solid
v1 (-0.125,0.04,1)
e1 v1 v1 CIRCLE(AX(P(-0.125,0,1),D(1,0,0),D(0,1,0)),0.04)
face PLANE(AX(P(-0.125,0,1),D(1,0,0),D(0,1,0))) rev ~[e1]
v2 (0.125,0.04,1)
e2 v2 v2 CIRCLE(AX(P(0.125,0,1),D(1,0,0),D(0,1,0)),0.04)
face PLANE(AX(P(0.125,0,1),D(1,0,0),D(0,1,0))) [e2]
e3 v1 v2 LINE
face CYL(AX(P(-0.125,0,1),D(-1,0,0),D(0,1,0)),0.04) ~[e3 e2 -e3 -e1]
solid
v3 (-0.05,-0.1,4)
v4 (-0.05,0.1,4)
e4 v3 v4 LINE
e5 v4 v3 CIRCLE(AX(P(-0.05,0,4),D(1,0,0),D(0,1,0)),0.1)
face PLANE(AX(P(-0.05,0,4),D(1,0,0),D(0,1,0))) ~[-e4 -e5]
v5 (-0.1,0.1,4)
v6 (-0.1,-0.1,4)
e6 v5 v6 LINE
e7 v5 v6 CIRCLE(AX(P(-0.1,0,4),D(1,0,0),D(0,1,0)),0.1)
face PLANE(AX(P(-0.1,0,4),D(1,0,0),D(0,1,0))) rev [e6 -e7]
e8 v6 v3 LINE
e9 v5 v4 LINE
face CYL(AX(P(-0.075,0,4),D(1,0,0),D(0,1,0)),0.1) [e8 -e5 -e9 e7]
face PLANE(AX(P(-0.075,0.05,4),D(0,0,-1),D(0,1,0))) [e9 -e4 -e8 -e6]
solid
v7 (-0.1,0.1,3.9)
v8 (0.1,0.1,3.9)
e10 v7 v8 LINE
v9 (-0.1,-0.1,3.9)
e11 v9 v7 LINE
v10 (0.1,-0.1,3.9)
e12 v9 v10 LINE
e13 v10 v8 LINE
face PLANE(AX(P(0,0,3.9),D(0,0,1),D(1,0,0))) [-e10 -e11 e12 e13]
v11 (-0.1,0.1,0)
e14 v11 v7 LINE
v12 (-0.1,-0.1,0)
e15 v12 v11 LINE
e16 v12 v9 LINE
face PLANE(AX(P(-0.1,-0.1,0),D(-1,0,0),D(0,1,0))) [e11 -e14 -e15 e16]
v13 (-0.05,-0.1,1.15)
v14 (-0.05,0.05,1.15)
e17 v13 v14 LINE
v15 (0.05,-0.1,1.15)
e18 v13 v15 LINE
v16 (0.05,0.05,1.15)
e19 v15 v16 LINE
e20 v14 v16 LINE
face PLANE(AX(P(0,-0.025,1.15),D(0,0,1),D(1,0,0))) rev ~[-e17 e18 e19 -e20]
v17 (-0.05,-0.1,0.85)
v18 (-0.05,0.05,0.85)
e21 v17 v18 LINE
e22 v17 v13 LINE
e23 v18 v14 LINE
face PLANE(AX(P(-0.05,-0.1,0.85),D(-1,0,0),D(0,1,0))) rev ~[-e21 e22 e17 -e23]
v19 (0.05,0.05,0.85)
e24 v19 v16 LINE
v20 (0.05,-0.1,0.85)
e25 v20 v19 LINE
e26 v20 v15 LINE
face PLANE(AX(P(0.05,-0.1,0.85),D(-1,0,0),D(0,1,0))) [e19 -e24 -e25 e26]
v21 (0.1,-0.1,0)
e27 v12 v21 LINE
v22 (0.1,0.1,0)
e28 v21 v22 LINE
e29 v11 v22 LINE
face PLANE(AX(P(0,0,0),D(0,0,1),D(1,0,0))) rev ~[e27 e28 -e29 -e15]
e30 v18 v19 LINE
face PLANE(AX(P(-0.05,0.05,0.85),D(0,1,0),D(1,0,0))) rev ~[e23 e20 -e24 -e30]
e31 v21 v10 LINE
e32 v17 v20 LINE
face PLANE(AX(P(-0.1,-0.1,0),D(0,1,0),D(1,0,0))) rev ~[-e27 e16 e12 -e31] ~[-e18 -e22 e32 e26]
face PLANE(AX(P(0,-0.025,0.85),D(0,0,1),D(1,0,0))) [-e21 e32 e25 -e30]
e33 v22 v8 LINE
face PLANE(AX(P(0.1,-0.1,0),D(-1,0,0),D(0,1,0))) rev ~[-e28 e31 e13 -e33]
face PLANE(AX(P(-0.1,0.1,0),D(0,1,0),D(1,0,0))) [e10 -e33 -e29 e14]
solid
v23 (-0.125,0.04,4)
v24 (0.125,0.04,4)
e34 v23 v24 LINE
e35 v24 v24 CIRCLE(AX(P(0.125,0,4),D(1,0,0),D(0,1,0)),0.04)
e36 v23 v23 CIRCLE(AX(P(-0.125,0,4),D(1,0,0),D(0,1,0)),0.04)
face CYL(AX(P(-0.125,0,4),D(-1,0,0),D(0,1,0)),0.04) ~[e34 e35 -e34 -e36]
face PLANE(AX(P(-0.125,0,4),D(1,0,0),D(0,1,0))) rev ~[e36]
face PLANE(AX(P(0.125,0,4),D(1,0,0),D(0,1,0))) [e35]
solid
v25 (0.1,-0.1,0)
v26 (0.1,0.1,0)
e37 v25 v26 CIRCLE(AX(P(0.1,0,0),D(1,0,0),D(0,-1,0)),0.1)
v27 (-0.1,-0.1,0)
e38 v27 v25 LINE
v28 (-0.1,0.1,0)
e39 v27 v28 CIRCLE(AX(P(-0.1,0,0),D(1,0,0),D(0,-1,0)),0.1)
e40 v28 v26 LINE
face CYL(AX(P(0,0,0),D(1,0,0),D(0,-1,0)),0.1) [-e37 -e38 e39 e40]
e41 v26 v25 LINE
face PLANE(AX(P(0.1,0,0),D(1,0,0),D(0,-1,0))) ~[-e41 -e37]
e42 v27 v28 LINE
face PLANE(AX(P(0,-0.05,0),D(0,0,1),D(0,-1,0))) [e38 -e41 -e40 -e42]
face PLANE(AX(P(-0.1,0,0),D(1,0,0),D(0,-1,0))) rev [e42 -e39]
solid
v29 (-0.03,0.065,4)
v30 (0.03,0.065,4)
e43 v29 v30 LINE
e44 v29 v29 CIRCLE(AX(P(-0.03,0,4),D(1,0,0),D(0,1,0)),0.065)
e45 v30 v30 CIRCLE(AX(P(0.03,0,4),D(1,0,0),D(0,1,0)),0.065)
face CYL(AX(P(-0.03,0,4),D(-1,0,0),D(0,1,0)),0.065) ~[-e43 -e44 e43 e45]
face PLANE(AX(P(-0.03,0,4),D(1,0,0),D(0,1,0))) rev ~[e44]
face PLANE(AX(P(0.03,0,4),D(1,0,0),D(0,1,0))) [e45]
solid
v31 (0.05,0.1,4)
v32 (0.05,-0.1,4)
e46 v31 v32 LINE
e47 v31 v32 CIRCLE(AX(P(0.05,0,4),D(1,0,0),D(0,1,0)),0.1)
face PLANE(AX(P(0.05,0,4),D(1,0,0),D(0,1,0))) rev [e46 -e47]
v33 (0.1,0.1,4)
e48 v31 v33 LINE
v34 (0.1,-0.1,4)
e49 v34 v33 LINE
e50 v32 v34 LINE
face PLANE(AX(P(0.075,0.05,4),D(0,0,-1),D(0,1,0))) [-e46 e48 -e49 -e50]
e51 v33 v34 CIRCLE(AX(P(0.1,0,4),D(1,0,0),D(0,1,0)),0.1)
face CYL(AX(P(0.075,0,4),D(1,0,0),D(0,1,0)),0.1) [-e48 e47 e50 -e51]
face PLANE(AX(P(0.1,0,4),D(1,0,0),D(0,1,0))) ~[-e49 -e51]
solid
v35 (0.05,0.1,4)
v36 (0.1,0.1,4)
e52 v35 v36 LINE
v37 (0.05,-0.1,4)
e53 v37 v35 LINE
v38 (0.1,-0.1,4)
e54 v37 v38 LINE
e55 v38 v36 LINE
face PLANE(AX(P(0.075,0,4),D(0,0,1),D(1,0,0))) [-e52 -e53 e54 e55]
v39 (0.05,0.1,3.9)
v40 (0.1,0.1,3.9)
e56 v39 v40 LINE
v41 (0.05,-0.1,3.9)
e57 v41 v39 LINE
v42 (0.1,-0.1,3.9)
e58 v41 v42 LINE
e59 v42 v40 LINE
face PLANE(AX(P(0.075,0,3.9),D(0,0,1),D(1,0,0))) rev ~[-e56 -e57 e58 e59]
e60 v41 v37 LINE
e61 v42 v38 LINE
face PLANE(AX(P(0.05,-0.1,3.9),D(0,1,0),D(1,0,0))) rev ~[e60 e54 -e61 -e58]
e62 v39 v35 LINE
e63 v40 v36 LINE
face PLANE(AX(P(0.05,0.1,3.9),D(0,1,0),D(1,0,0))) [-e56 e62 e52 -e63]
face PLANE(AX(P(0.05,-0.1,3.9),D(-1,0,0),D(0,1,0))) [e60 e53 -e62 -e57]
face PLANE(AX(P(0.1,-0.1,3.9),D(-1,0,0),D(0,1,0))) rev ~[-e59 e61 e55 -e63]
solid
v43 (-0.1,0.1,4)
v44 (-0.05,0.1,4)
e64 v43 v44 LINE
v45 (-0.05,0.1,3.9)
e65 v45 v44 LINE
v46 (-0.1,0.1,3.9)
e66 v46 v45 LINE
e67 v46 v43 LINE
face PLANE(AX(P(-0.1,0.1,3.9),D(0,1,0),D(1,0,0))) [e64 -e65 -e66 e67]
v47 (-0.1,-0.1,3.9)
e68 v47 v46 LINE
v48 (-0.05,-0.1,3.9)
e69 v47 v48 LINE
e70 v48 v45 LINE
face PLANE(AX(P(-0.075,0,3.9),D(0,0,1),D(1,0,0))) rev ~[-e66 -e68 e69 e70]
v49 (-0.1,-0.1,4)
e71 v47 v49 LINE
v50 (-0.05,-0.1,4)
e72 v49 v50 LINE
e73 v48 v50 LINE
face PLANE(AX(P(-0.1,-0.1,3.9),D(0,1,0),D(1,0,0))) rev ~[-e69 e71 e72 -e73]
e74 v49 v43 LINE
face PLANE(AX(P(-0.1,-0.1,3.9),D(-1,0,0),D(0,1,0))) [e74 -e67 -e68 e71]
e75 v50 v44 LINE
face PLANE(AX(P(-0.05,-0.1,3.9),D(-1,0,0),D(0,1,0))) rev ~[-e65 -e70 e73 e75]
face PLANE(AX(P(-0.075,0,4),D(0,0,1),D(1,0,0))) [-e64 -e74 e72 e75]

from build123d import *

# Parameters (mm, degrees)
CYLINDER001_W     = 0.1
CYLINDER001_H     = 0.2
CYLINDER001_ANGLE = 180
CYLINDER_R        = 0.04
CYLINDER_DEPTH    = 0.25
CYLINDER002_W     = 0.1
CYLINDER002_H     = 0.05
CYLINDER002_ANGLE = 180
BOX004_W          = 0.1
BOX004_H          = 0.15
BOX004_DEPTH      = 0.3
BOX005_W          = 0.2
BOX005_H          = 0.2
BOX005_DEPTH      = 3.9
BOX_W             = 0.05
BOX_H             = 0.2
BOX_DEPTH         = 0.1
BOX006_W          = 0.05
BOX006_H          = 0.2
BOX006_DEPTH      = 0.1
CYLINDER004_W     = 0.1
CYLINDER004_H     = 0.05
CYLINDER004_ANGLE = 180
CYLINDER005_R     = 0.04
CYLINDER005_DEPTH = 0.25
CYLINDER006_R     = 0.065
CYLINDER006_DEPTH = 0.06


with BuildPart() as cylinder001:
    # Cylinder001 → Cylinder001 (revolve)
    with BuildSketch(Plane(origin=(-0.1, 0, 0), x_dir=(0, -1, 0), z_dir=(0, 0, 1))):
        with Locations((0.05, 0.1)):
            Rectangle(CYLINDER001_W, CYLINDER001_H)
    revolve(axis=Axis((-0.1, 0, 0), (1, 0, 0)), revolution_arc=CYLINDER001_ANGLE)


with BuildPart() as cylinder:
    # Cylinder → Cylinder (new body)
    with BuildSketch(Plane(origin=(-0.125, 0, 1), x_dir=(0, 1, 0), z_dir=(1, 0, 0))):
        Circle(CYLINDER_R)
    extrude(amount=CYLINDER_DEPTH)


with BuildPart() as cylinder002:
    # Cylinder002 → Cylinder002 (revolve)
    with BuildSketch(Plane(origin=(0.05, 0, 4), x_dir=(0, 1, 0), z_dir=(0, 0, -1))):
        with Locations((0.05, 0.025)):
            Rectangle(CYLINDER002_W, CYLINDER002_H)
    revolve(axis=Axis((0.05, 0, 4), (1, 0, 0)), revolution_arc=CYLINDER002_ANGLE)


with BuildPart() as cube004:
    # Box004 → Box004 (new body)
    with BuildSketch(Plane(origin=(-0.05, -0.1, 0.85), x_dir=(1, 0, 0), z_dir=(0, 0, 1))):
        with Locations((0.05, 0.075)):
            Rectangle(BOX004_W, BOX004_H)
    extrude(amount=BOX004_DEPTH)


with BuildPart() as cut:
    # Box005 → Box005 (new body)
    with BuildSketch(Plane(origin=(-0.1, -0.1, 0), x_dir=(1, 0, 0), z_dir=(0, 0, 1))):
        with Locations((0.1, 0.1)):
            Rectangle(BOX005_W, BOX005_H)
    extrude(amount=BOX005_DEPTH)

    # Cut: cut Cube004
    add(cube004.part, mode=Mode.SUBTRACT)


with BuildPart() as cube:
    # Box → Box (new body)
    with BuildSketch(Plane(origin=(0.05, -0.1, 3.9), x_dir=(1, 0, 0), z_dir=(0, 0, 1))):
        with Locations((0.025, 0.1)):
            Rectangle(BOX_W, BOX_H)
    extrude(amount=BOX_DEPTH)


with BuildPart() as cube006:
    # Box006 → Box006 (new body)
    with BuildSketch(Plane(origin=(-0.1, -0.1, 3.9), x_dir=(1, 0, 0), z_dir=(0, 0, 1))):
        with Locations((0.025, 0.1)):
            Rectangle(BOX006_W, BOX006_H)
    extrude(amount=BOX006_DEPTH)


with BuildPart() as cylinder004:
    # Cylinder004 → Cylinder004 (revolve)
    with BuildSketch(Plane(origin=(-0.1, 0, 4), x_dir=(0, 1, 0), z_dir=(0, 0, -1))):
        with Locations((0.05, 0.025)):
            Rectangle(CYLINDER004_W, CYLINDER004_H)
    revolve(axis=Axis((-0.1, 0, 4), (1, 0, 0)), revolution_arc=CYLINDER004_ANGLE)


with BuildPart() as cylinder005:
    # Cylinder005 → Cylinder005 (new body)
    with BuildSketch(Plane(origin=(-0.125, 0, 4), x_dir=(0, 1, 0), z_dir=(1, 0, 0))):
        Circle(CYLINDER005_R)
    extrude(amount=CYLINDER005_DEPTH)


with BuildPart() as cylinder006:
    # Cylinder006 → Cylinder006 (new body)
    with BuildSketch(Plane(origin=(-0.03, 0, 4), x_dir=(0, 1, 0), z_dir=(1, 0, 0))):
        Circle(CYLINDER006_R)
    extrude(amount=CYLINDER006_DEPTH)


solid = Compound([cylinder001.part, cylinder.part, cylinder002.part, cut.part, cube.part, cube006.part, cylinder004.part, cylinder005.part, cylinder006.part])
